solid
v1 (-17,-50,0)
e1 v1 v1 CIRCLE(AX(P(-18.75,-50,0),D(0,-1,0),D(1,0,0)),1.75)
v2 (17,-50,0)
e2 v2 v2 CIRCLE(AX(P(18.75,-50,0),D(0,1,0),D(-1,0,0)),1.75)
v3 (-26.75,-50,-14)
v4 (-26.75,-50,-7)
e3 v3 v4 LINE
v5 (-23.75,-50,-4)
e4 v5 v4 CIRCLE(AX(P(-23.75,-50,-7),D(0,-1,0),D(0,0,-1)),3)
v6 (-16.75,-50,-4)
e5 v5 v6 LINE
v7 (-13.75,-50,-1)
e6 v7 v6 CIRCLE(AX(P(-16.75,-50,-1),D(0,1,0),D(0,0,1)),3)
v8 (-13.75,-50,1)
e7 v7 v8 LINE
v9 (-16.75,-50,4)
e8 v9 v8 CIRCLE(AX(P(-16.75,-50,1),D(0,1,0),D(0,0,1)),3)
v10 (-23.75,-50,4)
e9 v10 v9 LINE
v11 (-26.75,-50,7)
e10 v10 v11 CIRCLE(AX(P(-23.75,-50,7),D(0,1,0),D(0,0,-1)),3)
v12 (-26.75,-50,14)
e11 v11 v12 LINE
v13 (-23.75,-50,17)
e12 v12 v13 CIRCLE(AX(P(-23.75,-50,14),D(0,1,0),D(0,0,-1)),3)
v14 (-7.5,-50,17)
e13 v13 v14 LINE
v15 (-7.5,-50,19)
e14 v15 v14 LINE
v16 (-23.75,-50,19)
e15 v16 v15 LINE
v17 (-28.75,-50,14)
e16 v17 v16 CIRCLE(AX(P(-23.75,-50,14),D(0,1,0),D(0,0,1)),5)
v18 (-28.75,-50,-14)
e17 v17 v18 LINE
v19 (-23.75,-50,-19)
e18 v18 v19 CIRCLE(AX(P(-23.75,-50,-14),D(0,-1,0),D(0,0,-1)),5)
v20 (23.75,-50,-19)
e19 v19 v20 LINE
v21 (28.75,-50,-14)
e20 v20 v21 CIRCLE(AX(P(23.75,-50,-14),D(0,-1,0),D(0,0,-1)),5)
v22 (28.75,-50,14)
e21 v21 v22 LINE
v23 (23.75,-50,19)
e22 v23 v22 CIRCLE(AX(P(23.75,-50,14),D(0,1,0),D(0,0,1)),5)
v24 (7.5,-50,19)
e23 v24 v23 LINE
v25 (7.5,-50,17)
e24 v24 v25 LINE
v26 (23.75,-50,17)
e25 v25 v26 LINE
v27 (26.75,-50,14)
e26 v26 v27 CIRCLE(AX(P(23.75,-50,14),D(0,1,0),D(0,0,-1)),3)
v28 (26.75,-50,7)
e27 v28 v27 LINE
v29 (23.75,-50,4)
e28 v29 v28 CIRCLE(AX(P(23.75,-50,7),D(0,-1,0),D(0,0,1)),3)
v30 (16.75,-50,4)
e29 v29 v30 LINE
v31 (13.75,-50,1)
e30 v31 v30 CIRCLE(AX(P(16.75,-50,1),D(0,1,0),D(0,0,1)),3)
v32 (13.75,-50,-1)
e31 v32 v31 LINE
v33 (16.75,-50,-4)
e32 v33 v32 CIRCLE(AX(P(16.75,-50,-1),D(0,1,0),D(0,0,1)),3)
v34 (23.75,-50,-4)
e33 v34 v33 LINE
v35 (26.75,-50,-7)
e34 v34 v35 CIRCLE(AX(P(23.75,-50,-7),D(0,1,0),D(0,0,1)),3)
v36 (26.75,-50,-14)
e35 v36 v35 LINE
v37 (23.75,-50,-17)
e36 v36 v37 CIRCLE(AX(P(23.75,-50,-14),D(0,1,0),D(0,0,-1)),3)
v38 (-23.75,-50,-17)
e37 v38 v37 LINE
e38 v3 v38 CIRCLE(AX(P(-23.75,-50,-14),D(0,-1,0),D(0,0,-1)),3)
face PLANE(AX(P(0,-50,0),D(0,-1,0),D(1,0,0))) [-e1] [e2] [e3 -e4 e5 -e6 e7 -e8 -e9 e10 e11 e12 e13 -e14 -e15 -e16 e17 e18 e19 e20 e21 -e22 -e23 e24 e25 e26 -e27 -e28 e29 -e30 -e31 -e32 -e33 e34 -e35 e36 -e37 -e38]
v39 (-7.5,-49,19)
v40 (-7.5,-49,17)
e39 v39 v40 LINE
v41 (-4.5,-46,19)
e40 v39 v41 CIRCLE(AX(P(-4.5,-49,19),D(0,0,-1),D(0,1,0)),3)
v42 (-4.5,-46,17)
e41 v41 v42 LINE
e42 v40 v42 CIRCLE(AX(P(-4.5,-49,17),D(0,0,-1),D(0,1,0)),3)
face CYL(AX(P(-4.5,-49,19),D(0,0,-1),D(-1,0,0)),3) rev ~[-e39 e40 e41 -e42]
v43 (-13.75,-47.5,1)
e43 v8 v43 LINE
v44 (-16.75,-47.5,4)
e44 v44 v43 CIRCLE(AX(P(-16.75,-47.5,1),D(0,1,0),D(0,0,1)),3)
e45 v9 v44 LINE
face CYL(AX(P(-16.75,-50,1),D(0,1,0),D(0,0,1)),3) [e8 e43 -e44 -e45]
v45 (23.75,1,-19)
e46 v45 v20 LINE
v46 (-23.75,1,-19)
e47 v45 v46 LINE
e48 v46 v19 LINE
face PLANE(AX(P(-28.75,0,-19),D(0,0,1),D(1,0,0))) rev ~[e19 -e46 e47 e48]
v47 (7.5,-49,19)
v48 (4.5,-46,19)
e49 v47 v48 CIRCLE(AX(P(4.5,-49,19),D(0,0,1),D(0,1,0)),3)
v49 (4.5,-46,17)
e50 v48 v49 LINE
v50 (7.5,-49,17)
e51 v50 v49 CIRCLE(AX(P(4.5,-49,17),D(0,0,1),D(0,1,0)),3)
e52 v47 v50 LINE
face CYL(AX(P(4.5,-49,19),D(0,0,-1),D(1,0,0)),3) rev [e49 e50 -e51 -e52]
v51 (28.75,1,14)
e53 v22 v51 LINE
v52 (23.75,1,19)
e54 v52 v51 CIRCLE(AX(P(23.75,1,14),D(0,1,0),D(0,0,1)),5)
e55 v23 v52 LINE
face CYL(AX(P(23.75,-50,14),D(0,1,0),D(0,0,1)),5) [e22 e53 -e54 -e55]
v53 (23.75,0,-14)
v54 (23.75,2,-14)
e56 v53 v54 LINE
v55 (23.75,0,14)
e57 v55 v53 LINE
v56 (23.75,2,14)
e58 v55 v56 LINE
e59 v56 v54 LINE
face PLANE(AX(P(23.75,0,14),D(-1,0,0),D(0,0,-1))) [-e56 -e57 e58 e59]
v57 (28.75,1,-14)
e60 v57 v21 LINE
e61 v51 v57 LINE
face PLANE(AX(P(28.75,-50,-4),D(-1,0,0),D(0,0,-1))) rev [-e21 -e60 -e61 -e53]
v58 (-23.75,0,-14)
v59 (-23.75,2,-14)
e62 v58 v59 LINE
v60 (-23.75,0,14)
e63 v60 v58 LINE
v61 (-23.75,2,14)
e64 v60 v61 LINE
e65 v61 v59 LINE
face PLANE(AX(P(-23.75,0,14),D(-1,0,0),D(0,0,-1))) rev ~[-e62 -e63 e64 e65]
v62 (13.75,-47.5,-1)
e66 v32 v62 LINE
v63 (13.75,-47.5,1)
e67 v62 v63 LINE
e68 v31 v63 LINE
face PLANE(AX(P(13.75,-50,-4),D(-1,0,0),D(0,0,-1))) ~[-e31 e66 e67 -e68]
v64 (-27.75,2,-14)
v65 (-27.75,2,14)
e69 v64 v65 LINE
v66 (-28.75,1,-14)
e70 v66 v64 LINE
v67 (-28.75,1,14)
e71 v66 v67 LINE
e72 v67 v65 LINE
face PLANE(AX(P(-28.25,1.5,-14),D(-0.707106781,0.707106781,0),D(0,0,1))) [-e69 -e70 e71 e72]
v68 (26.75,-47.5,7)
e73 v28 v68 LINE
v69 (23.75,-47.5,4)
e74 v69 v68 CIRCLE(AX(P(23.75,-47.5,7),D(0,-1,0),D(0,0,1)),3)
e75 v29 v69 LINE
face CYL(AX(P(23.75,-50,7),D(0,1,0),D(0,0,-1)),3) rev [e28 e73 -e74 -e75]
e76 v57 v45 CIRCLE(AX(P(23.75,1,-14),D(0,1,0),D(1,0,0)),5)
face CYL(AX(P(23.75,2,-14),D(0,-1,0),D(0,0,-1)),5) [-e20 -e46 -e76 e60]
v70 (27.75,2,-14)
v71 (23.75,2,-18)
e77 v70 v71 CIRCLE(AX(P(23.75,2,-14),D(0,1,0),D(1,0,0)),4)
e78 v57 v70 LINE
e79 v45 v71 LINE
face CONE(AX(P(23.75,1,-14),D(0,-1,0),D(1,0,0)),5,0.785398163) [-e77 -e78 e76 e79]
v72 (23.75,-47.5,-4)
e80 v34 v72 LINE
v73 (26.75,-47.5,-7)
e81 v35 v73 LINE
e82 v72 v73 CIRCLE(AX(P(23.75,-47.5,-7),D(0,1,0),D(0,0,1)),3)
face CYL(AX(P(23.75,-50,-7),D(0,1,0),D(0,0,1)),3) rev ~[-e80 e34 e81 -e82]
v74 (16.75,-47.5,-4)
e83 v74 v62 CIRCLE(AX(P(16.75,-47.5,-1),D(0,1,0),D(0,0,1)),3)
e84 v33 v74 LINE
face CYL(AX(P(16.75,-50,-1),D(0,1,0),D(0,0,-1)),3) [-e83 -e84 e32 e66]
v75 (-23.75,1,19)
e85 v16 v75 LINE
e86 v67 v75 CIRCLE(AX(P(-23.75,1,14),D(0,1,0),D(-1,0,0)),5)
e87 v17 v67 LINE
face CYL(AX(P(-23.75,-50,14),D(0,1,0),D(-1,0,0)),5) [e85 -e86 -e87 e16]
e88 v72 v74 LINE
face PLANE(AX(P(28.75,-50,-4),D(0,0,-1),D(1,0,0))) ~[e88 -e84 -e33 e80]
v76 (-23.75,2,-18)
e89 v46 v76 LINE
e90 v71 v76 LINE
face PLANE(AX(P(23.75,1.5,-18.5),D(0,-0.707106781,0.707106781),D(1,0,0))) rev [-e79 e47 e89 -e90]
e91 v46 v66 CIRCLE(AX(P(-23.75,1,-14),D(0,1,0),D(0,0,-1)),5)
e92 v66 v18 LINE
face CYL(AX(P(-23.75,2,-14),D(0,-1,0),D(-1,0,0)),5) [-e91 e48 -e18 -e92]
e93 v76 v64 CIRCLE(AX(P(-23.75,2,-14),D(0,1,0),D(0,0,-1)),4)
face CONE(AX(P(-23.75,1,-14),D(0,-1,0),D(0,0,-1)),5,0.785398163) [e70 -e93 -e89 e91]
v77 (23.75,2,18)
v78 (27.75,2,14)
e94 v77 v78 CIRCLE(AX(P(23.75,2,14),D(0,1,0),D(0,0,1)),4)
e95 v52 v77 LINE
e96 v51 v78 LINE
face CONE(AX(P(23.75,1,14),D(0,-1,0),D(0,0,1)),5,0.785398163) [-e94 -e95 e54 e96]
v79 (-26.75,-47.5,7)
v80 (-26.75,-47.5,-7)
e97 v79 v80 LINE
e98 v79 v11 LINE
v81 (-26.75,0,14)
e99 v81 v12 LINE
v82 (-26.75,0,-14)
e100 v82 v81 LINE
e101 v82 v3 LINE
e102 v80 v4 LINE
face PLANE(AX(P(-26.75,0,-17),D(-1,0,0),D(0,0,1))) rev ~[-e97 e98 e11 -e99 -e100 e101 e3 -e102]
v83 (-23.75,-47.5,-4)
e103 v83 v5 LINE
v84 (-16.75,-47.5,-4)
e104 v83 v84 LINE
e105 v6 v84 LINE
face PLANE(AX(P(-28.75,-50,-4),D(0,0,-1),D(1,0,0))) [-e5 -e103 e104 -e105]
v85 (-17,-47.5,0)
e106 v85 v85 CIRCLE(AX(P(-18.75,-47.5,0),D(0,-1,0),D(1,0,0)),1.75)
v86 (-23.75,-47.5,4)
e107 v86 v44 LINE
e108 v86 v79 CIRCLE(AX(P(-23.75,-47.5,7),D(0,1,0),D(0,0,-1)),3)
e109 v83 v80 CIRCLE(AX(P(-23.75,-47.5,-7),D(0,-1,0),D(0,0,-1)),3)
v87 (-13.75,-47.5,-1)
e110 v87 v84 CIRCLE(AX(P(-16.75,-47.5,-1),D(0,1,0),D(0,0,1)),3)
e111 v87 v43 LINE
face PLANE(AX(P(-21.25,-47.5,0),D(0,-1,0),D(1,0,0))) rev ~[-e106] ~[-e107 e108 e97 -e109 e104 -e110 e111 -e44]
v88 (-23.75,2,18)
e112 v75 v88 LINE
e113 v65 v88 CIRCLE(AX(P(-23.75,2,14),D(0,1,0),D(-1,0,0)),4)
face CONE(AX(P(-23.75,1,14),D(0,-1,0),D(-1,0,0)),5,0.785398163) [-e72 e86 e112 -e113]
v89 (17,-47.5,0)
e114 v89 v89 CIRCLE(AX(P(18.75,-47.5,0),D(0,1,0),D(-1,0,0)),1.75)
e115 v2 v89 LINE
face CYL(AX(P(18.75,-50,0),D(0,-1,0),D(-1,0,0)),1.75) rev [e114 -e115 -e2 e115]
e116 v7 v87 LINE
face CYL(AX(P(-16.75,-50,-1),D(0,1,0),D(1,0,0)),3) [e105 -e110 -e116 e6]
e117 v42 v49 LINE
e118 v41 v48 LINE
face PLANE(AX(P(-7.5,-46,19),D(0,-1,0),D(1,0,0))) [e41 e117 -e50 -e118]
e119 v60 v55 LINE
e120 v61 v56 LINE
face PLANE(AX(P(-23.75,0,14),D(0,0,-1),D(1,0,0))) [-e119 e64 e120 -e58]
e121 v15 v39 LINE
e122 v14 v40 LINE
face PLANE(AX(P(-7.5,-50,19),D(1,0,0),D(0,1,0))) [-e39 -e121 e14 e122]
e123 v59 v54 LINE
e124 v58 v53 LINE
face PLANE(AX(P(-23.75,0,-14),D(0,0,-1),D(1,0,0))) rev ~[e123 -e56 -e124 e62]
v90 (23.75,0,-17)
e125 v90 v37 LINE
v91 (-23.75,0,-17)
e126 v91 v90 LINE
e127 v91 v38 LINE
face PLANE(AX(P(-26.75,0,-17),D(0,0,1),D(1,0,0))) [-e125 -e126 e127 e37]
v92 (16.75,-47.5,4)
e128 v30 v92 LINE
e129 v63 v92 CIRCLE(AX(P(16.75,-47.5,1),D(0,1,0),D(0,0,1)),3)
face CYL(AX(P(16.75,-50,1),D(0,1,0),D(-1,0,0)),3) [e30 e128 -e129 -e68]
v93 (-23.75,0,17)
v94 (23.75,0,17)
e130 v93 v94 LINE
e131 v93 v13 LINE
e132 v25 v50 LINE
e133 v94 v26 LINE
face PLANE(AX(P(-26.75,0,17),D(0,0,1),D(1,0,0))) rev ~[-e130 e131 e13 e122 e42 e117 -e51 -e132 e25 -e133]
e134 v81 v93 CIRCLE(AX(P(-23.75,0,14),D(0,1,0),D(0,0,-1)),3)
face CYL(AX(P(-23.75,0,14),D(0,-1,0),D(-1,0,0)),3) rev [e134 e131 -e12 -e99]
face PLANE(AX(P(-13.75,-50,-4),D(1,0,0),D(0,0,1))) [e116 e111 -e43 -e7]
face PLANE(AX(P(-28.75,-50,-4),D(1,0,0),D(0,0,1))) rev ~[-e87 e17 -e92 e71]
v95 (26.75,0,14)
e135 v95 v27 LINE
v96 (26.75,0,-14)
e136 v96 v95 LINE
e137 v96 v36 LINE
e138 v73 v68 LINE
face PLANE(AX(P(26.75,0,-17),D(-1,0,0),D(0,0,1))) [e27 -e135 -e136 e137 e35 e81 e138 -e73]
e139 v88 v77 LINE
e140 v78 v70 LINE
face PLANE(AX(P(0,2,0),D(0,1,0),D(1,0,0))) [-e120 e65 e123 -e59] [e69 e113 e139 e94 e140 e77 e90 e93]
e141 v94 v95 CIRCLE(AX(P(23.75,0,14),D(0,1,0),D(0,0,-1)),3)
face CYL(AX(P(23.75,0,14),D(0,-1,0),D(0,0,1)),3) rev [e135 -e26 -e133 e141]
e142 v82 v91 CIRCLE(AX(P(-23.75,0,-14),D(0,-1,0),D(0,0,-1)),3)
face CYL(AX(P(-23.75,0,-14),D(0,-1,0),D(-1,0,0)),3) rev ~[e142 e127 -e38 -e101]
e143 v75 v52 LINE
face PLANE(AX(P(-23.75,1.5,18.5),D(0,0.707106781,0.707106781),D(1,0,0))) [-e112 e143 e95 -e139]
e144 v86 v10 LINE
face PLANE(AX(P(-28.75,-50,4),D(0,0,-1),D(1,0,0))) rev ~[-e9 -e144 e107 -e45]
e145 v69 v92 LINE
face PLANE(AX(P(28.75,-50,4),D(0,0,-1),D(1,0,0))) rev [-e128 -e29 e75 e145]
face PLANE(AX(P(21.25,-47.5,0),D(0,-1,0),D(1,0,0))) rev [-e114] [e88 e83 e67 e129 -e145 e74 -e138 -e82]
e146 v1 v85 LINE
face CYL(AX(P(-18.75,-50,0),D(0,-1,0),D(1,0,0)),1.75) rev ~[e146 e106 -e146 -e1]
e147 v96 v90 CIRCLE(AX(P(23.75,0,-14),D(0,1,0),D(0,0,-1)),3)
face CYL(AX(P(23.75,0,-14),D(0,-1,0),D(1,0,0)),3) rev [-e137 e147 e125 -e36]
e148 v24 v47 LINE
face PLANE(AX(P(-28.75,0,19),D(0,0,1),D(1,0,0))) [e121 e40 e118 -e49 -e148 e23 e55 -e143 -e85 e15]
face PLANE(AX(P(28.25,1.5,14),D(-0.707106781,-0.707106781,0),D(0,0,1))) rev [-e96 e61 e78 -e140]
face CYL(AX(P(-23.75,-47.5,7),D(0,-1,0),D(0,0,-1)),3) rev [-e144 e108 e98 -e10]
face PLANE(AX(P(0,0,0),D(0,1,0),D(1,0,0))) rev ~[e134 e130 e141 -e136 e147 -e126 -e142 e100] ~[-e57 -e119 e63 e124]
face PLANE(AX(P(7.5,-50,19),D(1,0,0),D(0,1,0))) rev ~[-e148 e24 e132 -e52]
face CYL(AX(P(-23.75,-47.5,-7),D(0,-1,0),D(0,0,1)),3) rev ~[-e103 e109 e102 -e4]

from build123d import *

# Parameters (mm, degrees)
SKETCH2_W           = 57.5
SKETCH2_H           = 38
SKETCH2_W_2         = 47.5
SKETCH2_H_2         = 28
BOSS_EXTRUDE1_DEPTH = 2
SKETCH3_W           = 57.5
SKETCH3_H           = 38
SKETCH3_W_2         = 53.5
SKETCH3_H_2         = 34
BOSS_EXTRUDE2_DEPTH = 50
FILLET1_R           = 3
FILLET2_R           = 5
SKETCH4_W           = 15
SKETCH4_H           = 4
CUT_EXTRUDE1_DEPTH  = 2
FILLET3_R           = 3
CHAMFER1_SIZE       = 1
SKETCH6_W           = 15
SKETCH6_H           = 8
SKETCH6_R           = 1.75
BOSS_EXTRUDE3_DEPTH = 2.5
FILLET4_R           = 3


with BuildPart() as part:
    # Sketch2 → Boss-Extrude1 (new body)
    with BuildSketch(Plane(origin=(0, 0, 0), x_dir=(1, 0, 0), z_dir=(0, 1, 0))):
        Rectangle(SKETCH2_W, SKETCH2_H)
        Rectangle(SKETCH2_W_2, SKETCH2_H_2, mode=Mode.SUBTRACT)
    extrude(amount=BOSS_EXTRUDE1_DEPTH)

    # Sketch3 → Boss-Extrude2 (add)
    with BuildSketch(Plane.XZ):
        Rectangle(SKETCH3_W, SKETCH3_H)
        Rectangle(SKETCH3_W_2, SKETCH3_H_2, mode=Mode.SUBTRACT)
    extrude(amount=BOSS_EXTRUDE2_DEPTH)

    # Fillet1
    fillet1_edges = [part.edges().sort_by_distance(p)[0] for p in [
        (26.75, -25, -17),
        (26.75, -25, 17),
        (-26.75, -25, 17),
        (-26.75, -25, -17),
    ]]
    fillet(fillet1_edges, radius=FILLET1_R)

    # Fillet2
    fillet2_edges = [part.edges().sort_by_distance(p)[0] for p in [
        (28.75, -24, 19),
        (-28.75, -24, 19),
        (-28.75, -24, -19),
        (28.75, -24, -19),
    ]]
    fillet(fillet2_edges, radius=FILLET2_R)

    # Sketch4 → Cut-Extrude1 (cut)
    with BuildSketch(Plane.XY.offset(19)):
        with Locations((0, -48)):
            Rectangle(SKETCH4_W, SKETCH4_H)
    extrude(amount=-CUT_EXTRUDE1_DEPTH, mode=Mode.SUBTRACT)

    # Fillet3
    fillet3_edges = [part.edges().sort_by_distance(p)[0] for p in [
        (7.5, -46, 18),
        (-7.5, -46, 18),
    ]]
    fillet(fillet3_edges, radius=FILLET3_R)

    # Chamfer1
    chamfer1_edges = [part.edges().sort_by_distance(p)[0] for p in [
        (0, 2, 19),
        (-28.75, 2, 0),
        (28.75, 2, 0),
        (0, 2, -19),
        (27.285533906, 2, 17.535533906),
        (27.285533906, 2, -17.535533906),
        (-27.285533906, 2, -17.535533906),
        (-27.285533906, 2, 17.535533906),
    ]]
    chamfer(chamfer1_edges, length=CHAMFER1_SIZE)

    # Sketch6 → Boss-Extrude3 (add)
    with BuildSketch(Plane.XZ.offset(50)):
        with Locations((-21.25, 0)):
            Rectangle(SKETCH6_W, SKETCH6_H)
        with Locations((-18.75, 0)):
            Circle(SKETCH6_R, mode=Mode.SUBTRACT)
    boss_extrude3 = extrude(amount=-BOSS_EXTRUDE3_DEPTH)

    # Mirror1: Boss-Extrude3 across plane
    add(boss_extrude3.mirror(Plane(origin=(0, 0, 0), x_dir=(0, 0, 1), z_dir=(1, 0, 0))))

    # Fillet4
    fillet4_edges = [part.edges().sort_by_distance(p)[0] for p in [
        (-26.75, -48.75, -4),
        (-26.75, -48.75, 4),
        (-13.75, -48.75, 4),
        (-13.75, -48.75, -4),
        (26.75, -48.75, 4),
        (26.75, -48.75, -4),
        (13.75, -48.75, -4),
        (13.75, -48.75, 4),
    ]]
    fillet(fillet4_edges, radius=FILLET4_R)


solid = part.part
